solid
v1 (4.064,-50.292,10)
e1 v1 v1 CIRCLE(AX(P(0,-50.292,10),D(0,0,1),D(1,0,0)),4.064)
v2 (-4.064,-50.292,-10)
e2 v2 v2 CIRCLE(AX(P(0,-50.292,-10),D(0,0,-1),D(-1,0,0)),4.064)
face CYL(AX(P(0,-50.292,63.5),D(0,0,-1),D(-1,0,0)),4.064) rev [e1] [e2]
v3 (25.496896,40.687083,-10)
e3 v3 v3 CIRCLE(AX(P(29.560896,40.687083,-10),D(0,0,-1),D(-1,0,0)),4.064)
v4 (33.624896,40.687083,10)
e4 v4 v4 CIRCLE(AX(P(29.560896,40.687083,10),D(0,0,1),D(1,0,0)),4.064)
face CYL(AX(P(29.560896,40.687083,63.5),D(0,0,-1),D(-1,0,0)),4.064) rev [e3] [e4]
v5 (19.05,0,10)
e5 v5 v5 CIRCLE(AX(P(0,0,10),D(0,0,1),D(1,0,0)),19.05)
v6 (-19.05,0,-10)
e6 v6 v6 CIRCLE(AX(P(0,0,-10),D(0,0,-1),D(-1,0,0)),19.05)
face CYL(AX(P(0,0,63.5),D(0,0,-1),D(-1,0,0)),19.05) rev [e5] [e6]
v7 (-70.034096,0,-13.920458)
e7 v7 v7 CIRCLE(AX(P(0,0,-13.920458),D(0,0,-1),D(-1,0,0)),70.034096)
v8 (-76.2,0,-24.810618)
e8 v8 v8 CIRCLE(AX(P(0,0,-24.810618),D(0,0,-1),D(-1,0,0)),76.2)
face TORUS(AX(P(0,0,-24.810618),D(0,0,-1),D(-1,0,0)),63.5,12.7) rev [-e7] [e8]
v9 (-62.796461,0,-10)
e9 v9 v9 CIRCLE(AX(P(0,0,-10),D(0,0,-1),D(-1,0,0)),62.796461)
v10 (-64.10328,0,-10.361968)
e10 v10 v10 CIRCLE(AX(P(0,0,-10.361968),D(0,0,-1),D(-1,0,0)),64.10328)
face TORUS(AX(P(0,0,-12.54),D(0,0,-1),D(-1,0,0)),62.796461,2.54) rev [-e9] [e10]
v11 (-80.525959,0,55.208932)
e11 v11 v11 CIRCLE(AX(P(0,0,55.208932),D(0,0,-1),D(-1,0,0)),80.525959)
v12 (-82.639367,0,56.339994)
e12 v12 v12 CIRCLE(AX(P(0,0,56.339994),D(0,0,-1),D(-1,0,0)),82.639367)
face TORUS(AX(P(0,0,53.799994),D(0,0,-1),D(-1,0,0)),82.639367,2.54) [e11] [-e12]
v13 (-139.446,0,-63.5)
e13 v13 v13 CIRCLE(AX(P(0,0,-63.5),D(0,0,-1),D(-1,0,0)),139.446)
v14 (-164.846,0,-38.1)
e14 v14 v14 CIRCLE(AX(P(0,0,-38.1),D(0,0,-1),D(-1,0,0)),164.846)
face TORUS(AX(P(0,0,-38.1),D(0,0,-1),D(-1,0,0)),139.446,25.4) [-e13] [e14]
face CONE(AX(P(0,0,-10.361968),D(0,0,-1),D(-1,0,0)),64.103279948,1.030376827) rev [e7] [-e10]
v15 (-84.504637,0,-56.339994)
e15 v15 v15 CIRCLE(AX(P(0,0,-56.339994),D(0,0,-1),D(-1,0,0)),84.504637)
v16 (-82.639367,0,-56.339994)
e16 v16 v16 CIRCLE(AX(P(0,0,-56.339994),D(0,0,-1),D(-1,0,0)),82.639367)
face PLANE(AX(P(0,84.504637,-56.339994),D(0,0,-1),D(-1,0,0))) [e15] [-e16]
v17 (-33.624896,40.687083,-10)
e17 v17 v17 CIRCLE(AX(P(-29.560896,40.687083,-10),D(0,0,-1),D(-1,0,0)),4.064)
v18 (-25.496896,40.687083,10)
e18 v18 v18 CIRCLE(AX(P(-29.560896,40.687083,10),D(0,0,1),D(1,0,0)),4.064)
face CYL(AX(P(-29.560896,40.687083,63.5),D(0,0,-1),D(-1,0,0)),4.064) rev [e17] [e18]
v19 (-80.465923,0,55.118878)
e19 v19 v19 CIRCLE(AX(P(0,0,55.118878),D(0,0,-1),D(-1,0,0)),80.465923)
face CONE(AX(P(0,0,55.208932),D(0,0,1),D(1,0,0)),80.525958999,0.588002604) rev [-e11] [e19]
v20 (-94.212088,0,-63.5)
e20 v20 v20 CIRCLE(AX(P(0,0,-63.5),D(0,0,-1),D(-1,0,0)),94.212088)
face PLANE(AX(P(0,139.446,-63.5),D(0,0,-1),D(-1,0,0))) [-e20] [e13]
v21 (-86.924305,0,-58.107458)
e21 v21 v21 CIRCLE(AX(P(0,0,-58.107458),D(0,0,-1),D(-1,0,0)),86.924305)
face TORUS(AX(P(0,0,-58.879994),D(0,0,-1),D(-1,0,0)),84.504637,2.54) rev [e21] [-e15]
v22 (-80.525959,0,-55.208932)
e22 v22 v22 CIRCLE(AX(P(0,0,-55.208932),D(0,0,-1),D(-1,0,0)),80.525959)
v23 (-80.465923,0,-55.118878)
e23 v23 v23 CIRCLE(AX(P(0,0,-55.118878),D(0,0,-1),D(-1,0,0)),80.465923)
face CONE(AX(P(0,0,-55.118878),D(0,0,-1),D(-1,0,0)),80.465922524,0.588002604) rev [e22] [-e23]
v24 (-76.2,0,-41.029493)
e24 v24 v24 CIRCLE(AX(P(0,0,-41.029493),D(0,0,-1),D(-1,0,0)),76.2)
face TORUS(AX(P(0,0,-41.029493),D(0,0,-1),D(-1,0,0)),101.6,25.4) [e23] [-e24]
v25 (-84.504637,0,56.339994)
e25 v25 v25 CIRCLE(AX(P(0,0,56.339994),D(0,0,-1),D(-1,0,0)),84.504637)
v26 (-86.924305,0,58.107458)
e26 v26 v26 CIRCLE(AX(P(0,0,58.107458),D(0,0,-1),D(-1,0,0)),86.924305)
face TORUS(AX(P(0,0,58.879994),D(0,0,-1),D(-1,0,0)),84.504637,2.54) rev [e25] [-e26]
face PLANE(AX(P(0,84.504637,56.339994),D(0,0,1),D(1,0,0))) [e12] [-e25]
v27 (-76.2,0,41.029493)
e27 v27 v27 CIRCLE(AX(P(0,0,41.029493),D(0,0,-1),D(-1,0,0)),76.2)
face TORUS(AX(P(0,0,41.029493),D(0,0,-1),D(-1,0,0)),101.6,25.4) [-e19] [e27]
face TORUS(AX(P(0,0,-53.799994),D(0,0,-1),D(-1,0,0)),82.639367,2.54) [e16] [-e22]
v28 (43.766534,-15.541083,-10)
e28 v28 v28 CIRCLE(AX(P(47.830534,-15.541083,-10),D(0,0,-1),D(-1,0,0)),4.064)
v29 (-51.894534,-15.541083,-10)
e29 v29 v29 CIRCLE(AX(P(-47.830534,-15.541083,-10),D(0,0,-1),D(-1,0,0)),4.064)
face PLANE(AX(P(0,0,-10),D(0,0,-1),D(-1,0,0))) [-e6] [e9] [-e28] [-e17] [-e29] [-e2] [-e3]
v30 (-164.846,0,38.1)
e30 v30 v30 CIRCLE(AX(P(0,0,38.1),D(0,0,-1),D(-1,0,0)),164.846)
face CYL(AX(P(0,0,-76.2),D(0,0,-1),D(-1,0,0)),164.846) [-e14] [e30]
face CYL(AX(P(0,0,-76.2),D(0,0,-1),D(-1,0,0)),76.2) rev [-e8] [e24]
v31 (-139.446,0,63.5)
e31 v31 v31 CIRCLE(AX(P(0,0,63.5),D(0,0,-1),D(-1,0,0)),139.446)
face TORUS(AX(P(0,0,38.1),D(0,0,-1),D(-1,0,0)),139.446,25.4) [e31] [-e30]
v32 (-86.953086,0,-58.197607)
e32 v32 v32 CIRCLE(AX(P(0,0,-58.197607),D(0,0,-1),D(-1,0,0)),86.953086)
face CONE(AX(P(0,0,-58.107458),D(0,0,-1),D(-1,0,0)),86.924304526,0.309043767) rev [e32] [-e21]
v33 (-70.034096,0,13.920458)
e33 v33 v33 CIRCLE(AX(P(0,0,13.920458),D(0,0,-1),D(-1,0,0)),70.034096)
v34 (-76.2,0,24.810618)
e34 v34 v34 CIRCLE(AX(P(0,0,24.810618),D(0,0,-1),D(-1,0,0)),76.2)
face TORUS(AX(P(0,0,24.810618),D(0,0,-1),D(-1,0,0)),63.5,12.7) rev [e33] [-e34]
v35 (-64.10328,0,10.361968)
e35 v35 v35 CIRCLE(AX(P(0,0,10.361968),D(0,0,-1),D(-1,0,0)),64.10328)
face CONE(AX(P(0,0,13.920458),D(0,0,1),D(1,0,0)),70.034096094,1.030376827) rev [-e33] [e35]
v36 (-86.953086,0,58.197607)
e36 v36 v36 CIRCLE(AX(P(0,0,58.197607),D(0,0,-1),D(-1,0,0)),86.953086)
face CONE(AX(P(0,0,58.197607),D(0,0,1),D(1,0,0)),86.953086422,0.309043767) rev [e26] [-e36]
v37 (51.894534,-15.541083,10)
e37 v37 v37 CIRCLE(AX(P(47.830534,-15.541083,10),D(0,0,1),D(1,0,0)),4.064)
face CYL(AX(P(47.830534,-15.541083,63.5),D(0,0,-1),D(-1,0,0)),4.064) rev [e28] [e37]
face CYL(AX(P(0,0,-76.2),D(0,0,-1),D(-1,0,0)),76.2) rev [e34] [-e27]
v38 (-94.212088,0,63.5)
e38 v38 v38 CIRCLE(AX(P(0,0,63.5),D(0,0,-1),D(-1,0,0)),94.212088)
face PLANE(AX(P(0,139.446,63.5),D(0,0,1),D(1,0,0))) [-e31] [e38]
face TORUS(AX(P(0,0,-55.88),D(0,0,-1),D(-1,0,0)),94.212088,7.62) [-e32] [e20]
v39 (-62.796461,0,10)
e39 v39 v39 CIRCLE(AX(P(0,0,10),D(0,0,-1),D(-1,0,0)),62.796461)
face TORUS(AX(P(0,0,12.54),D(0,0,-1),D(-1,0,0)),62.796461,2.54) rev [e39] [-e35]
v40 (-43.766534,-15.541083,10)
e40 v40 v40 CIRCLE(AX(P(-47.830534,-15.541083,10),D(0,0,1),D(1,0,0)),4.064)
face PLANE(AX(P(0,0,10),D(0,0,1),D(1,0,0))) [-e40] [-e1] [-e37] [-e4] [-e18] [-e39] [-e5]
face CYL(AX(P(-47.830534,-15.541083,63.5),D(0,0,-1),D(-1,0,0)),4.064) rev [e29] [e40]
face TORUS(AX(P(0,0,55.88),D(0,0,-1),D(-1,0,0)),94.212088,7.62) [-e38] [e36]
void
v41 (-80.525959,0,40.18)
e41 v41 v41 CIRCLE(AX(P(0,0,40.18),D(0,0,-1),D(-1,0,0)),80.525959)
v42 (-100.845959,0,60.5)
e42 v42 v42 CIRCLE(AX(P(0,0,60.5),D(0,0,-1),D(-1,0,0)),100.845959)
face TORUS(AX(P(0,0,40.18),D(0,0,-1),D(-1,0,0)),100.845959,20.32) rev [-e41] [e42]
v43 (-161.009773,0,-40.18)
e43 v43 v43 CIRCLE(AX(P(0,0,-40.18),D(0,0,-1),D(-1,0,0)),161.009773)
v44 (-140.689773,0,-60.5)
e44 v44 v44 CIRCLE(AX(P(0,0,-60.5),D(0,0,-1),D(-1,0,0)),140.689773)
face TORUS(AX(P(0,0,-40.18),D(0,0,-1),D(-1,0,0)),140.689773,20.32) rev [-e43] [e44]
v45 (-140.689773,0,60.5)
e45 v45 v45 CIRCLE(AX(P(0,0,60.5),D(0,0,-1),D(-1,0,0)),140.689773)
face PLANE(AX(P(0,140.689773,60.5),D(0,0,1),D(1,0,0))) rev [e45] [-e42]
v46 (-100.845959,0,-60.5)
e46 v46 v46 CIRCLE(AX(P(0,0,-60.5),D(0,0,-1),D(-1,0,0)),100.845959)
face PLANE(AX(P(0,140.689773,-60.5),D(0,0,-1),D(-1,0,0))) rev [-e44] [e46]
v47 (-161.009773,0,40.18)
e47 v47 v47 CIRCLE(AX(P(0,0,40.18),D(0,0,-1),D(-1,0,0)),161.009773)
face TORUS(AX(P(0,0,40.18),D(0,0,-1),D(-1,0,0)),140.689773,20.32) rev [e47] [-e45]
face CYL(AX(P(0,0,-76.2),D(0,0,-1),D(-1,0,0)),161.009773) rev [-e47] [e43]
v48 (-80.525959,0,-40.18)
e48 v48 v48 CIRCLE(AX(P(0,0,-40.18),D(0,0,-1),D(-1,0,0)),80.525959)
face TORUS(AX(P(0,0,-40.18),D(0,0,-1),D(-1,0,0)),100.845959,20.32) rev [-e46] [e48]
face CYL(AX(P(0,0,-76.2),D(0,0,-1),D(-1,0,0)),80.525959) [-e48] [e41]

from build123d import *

# Parameters (mm, degrees)
CUT_EXTRUDE1_DEPTH      = 245.439476077
CUT_EXTRUDE1_DEPTH_BACK = 245.439476077
SKETCH3_R               = 4.064
SKETCH3_R_2             = 19.05


with BuildPart() as part:
    # Sketch1 → Revolve2 (revolve)
    with BuildSketch(Plane(origin=(0, 0, 0), x_dir=(0, 0, -1), z_dir=(1, 0, 0))):
        with BuildLine():
            Line((10, 0), (10, 62.796460729))
            ThreePointArc((10, 62.796460729), (10.092164082, 63.474472027), (10.361967969, 64.103279948))
            Line((10.361967969, 64.103279948), (13.920457656, 70.034096094))
            ThreePointArc((13.920457656, 70.034096094), (18.553342863, 74.551538816), (24.810617813, 76.2))
            Line((24.810617813, 76.2), (41.029492802, 76.2))
            ThreePointArc((41.029492802, 76.2), (48.390010178, 77.289862527), (55.118877786, 80.465922524))
            Line((55.118877786, 80.465922524), (55.208932498, 80.525958999))
            ThreePointArc((55.208932498, 80.525958999), (56.039447481, 81.440847616), (56.339994, 82.639366747))
            Line((56.339994, 82.639366747), (56.339994, 84.504637428))
            ThreePointArc((56.339994, 84.504637428), (56.828916206, 86.002863007), (58.107458476, 86.924304526))
            Line((58.107458476, 86.924304526), (58.197606571, 86.953086422))
            ThreePointArc((58.197606571, 86.953086422), (62.033233381, 89.717410979), (63.5, 94.212087715))
            Line((63.5, 94.212087715), (63.5, 139.446))
            ThreePointArc((63.5, 139.446), (56.060512242, 157.406512242), (38.1, 164.846))
            Line((38.1, 164.846), (24.13, 164.846))
            Line((24.13, 164.846), (0, 164.846))
            Line((0, 164.846), (-24.13, 164.846))
            Line((-24.13, 164.846), (-38.1, 164.846))
            ThreePointArc((-38.1, 164.846), (-56.060512242, 157.406512242), (-63.5, 139.446))
            Line((-63.5, 139.446), (-63.5, 94.212087715))
            ThreePointArc((-63.5, 94.212087715), (-62.033233381, 89.717410979), (-58.197606571, 86.953086422))
            Line((-58.197606571, 86.953086422), (-58.107458476, 86.924304526))
            ThreePointArc((-58.107458476, 86.924304526), (-56.828916206, 86.002863007), (-56.339994, 84.504637428))
            Line((-56.339994, 84.504637428), (-56.339994, 82.639366747))
            ThreePointArc((-56.339994, 82.639366747), (-56.039447481, 81.440847616), (-55.208932498, 80.525958999))
            Line((-55.208932498, 80.525958999), (-55.118877786, 80.465922524))
            ThreePointArc((-55.118877786, 80.465922524), (-48.390010178, 77.289862527), (-41.029492802, 76.2))
            Line((-41.029492802, 76.2), (-24.810617813, 76.2))
            ThreePointArc((-24.810617813, 76.2), (-18.553342863, 74.551538816), (-13.920457656, 70.034096094))
            Line((-13.920457656, 70.034096094), (-10.361967969, 64.103279948))
            ThreePointArc((-10.361967969, 64.103279948), (-10.092164082, 63.474472027), (-10, 62.796460729))
            Line((-10, 62.796460729), (-10, 0))
            Line((-10, 0), (10, 0))
        make_face()
        with BuildLine():
            Line((40.18, 161.0097726), (-40.18, 161.0097726))
            ThreePointArc((-40.18, 161.0097726), (-54.548409794, 155.058182393), (-60.5, 140.6897726))
            Line((-60.5, 140.6897726), (-60.5, 100.845958999))
            ThreePointArc((-60.5, 100.845958999), (-54.548409794, 86.477549205), (-40.18, 80.525958999))
            Line((-40.18, 80.525958999), (40.18, 80.525958999))
            ThreePointArc((40.18, 80.525958999), (54.548409794, 86.477549205), (60.5, 100.845958999))
            Line((60.5, 100.845958999), (60.5, 140.6897726))
            ThreePointArc((60.5, 140.6897726), (54.548409794, 155.058182393), (40.18, 161.0097726))
        make_face(mode=Mode.SUBTRACT)
    revolve(axis=Axis((0, 0, -76.2), (0, 0, 1)))

    # Sketch3 → Cut-Extrude1 (cut, two sides: drawn at the far end of the back side and taken through both)
    with BuildSketch(Plane(origin=(0, 0, -10), x_dir=(-1, 0, 0), z_dir=(0, 0, -1)).offset(-CUT_EXTRUDE1_DEPTH_BACK)):
        with Locations((0, -50.292)):
            Circle(SKETCH3_R)
        with Locations((-47.830534318, -15.541082681)):
            Circle(SKETCH3_R)
        with Locations((-29.560895908, 40.687082681)):
            Circle(SKETCH3_R)
        with Locations((29.560895908, 40.687082681)):
            Circle(SKETCH3_R)
        with Locations((47.830534318, -15.541082681)):
            Circle(SKETCH3_R)
        Circle(SKETCH3_R_2)
    extrude(amount=CUT_EXTRUDE1_DEPTH + CUT_EXTRUDE1_DEPTH_BACK, mode=Mode.SUBTRACT)


solid = part.part
